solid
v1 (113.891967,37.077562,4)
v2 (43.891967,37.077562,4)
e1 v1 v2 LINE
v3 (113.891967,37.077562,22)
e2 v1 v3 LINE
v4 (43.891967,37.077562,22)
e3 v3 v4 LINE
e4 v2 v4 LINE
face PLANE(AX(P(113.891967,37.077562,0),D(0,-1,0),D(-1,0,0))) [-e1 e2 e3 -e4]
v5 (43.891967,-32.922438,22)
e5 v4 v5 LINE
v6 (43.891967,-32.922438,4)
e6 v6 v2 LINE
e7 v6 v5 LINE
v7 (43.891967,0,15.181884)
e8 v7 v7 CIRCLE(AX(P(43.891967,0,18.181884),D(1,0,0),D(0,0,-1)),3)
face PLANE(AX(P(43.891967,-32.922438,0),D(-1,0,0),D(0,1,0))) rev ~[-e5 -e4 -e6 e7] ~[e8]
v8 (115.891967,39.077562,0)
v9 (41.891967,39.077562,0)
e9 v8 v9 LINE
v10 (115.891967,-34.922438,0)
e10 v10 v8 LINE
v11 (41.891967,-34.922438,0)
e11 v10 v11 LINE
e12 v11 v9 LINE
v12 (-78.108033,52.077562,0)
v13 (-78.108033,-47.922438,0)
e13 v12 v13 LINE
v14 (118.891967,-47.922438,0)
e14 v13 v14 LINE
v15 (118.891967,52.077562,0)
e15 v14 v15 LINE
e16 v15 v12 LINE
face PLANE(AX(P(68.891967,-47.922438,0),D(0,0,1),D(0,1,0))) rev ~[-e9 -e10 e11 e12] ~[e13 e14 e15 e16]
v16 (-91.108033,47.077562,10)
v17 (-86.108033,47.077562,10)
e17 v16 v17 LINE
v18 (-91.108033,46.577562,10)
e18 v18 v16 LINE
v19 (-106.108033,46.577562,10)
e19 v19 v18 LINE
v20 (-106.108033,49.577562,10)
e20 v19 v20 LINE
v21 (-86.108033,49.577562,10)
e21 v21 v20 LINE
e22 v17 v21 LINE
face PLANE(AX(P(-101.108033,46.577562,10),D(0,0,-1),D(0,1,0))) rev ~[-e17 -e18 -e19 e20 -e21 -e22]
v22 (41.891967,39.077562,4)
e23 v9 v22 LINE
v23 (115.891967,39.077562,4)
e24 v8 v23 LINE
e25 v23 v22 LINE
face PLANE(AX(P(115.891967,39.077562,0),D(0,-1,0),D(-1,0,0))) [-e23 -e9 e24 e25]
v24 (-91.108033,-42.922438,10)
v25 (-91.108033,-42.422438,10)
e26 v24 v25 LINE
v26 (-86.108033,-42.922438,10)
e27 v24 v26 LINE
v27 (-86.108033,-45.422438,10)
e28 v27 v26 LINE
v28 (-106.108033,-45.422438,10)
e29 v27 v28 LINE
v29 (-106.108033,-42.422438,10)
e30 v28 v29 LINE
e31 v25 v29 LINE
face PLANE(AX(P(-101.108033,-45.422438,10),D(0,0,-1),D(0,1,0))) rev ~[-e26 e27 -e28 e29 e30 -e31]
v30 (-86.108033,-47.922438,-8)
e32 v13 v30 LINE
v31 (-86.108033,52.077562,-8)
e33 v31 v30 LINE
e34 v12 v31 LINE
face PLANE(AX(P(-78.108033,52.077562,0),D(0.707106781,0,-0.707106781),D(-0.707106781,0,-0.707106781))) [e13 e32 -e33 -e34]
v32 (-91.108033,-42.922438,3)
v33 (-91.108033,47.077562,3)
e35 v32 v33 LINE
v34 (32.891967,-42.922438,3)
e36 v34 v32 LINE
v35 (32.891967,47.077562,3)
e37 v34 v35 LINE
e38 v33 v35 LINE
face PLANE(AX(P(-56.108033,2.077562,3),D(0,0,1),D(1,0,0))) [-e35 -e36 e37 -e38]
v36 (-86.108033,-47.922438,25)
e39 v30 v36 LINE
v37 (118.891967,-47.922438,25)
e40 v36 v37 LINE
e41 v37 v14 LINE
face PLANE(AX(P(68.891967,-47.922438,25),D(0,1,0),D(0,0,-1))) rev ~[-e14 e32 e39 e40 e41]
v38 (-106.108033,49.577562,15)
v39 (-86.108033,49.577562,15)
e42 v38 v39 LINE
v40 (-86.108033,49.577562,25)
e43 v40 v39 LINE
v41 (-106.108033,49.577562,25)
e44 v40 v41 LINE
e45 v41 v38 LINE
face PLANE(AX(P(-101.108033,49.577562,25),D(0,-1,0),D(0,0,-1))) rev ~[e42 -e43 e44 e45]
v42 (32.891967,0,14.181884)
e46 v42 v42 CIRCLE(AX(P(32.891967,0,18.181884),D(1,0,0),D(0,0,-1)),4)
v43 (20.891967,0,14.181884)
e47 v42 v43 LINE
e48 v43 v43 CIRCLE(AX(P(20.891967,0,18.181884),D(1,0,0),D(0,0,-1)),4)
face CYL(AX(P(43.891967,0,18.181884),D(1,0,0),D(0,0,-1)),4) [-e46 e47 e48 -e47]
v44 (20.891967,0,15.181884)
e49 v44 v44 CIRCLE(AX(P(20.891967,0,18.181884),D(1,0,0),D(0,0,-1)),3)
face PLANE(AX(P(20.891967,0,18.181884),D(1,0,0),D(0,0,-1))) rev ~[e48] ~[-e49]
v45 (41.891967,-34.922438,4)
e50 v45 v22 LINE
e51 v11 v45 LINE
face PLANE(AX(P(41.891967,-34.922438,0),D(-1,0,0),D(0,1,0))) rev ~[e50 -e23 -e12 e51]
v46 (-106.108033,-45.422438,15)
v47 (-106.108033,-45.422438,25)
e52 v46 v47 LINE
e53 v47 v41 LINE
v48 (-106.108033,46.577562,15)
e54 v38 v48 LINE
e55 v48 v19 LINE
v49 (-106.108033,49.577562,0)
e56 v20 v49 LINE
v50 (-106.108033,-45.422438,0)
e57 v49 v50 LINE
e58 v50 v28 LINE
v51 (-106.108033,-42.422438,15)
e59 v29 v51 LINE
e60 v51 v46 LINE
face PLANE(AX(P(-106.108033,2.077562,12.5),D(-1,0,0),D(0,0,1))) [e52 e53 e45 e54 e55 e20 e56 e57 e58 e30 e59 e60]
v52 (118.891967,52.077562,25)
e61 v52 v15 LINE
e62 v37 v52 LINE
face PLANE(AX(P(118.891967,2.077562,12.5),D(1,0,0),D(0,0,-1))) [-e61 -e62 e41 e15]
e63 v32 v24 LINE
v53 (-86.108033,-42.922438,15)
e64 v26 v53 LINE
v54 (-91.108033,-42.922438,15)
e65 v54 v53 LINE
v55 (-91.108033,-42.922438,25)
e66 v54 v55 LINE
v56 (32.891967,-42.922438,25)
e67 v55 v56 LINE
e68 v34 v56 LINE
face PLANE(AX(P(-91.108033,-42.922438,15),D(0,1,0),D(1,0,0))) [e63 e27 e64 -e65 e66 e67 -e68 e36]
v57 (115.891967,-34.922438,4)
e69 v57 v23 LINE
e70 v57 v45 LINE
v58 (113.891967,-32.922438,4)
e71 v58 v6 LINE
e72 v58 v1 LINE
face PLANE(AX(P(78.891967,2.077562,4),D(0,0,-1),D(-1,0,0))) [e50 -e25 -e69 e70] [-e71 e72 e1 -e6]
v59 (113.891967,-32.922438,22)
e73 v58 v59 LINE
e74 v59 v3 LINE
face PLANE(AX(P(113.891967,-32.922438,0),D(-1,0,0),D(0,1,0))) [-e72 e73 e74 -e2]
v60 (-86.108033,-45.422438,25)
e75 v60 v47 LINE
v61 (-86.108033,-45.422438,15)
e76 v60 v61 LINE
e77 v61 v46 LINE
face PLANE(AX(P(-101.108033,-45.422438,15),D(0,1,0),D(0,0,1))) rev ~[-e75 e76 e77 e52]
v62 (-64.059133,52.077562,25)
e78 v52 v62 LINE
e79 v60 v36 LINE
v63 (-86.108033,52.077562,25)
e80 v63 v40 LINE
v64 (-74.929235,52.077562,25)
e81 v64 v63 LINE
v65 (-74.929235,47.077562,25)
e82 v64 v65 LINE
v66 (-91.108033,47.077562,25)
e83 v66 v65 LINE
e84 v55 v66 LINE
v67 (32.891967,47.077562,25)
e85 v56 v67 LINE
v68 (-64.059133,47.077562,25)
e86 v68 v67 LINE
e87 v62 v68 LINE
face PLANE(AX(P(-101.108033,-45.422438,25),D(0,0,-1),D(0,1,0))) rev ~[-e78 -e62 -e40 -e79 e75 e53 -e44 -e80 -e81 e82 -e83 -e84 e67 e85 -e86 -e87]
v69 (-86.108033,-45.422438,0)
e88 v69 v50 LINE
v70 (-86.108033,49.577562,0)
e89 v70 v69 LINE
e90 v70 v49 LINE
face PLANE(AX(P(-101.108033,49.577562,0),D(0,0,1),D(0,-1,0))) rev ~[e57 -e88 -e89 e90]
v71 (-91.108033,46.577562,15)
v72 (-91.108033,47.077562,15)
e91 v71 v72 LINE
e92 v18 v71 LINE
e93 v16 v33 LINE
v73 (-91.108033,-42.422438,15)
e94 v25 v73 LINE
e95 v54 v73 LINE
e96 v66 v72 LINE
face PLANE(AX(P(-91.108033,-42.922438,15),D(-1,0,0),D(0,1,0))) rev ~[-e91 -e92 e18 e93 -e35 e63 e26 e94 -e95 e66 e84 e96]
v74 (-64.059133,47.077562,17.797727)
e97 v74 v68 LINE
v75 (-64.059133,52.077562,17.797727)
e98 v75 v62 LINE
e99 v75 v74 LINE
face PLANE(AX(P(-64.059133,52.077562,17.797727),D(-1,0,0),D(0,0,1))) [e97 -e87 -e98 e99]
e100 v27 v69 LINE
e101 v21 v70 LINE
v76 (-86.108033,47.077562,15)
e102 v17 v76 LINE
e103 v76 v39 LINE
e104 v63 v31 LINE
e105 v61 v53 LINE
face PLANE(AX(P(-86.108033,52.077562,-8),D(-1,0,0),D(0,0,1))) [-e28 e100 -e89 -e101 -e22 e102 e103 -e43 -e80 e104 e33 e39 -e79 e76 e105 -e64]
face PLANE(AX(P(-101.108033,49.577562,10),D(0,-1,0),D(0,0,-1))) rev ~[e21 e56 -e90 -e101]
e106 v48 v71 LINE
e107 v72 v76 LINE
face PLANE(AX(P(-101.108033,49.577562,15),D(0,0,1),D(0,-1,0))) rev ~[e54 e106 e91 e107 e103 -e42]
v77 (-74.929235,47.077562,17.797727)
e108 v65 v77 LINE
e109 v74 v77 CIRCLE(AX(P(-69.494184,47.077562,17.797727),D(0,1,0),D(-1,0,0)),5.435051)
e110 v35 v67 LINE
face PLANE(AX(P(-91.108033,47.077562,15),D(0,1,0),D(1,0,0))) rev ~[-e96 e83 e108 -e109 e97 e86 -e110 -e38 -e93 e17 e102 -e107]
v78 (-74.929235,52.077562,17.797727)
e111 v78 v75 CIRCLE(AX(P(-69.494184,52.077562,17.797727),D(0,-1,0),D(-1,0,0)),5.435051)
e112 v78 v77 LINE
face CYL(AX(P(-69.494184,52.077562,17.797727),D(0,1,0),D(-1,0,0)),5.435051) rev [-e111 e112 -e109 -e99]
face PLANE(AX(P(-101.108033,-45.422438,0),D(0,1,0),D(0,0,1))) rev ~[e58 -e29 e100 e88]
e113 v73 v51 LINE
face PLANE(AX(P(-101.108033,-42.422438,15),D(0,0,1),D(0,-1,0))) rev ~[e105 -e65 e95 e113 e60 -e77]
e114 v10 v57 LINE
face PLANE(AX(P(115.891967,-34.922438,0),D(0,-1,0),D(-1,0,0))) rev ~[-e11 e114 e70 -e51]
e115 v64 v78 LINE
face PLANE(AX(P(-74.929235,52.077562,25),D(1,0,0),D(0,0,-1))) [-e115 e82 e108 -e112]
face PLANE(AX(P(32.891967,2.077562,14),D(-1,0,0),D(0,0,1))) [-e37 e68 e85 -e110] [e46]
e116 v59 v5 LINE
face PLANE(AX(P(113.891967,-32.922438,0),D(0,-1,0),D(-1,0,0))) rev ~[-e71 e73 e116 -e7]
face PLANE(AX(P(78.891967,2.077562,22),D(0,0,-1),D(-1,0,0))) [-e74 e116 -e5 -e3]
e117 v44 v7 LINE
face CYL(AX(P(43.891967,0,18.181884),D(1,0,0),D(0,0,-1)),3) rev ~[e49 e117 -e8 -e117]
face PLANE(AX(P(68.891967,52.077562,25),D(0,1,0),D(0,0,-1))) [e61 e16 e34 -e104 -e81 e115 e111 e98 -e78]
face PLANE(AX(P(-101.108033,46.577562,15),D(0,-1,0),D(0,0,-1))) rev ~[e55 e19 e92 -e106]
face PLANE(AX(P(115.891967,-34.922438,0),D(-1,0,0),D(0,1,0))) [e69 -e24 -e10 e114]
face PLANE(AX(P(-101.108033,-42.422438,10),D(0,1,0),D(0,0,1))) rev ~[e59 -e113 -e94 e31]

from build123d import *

# Parameters (mm, degrees)
SKETCH1_W           = 170
SKETCH1_H           = 100
BOSS_EXTRUDE1_DEPTH = 15
SKETCH3_W           = 70
SKETCH3_H           = 90
CUT_EXTRUDE2_DEPTH  = 12
SKETCH8_W           = 15
SKETCH8_H           = 15
CUT_EXTRUDE9_DEPTH  = 2.5
SKETCH9_W           = 15
SKETCH9_H           = 15
CUT_EXTRUDE10_DEPTH = 2.5
SKETCH10_W          = 12
SKETCH10_H          = 90
CUT_EXTRUDE11_DEPTH = 58
SKETCH11_W          = 128
SKETCH11_H          = 90
BOSS_EXTRUDE2_DEPTH = 10
SKETCH12_W          = 22
SKETCH12_H          = 90
BOSS_EXTRUDE4_DEPTH = 4
BOSS_EXTRUDE6_DEPTH = 100
SKETCH15_W          = 5
SKETCH15_H          = 3
CUT_EXTRUDE14_DEPTH = 15
SKETCH16_W          = 25
SKETCH16_H          = 100
BOSS_EXTRUDE7_DEPTH = 50
SKETCH17_W          = 70
SKETCH17_H          = 70
CUT_EXTRUDE15_DEPTH = 22
SKETCH18_W          = 74
SKETCH18_H          = 74
SKETCH18_W_2        = 70
SKETCH18_H_2        = 70
CUT_EXTRUDE16_DEPTH = 4
BOSS_EXTRUDE8_DEPTH = 5
SKETCH20_R          = 4
SKETCH20_R_2        = 3
BOSS_EXTRUDE9_DEPTH = 23
SKETCH20_2_R        = 3
CUT_EXTRUDE17_DEPTH = 23
CUT_EXTRUDE18_DEPTH = 23


with BuildPart() as part:
    # Sketch1 → Boss-Extrude1 (new body)
    with BuildSketch(Plane.XY):
        with Locations((-16.108033241, 2.077562327)):
            Rectangle(SKETCH1_W, SKETCH1_H)
    extrude(amount=BOSS_EXTRUDE1_DEPTH)

    # Sketch3 → Cut-Extrude2 (cut)
    with BuildSketch(Plane.XY.offset(15)):
        with Locations((-56.108033241, 2.077562327)):
            Rectangle(SKETCH3_W, SKETCH3_H)
    extrude(amount=-CUT_EXTRUDE2_DEPTH, mode=Mode.SUBTRACT)

    # Sketch8 → Cut-Extrude9 (cut)
    with BuildSketch(Plane(origin=(0, 52.077562327, 0), x_dir=(1, 0, 0), z_dir=(0, 1, 0))):
        with Locations((-93.608033241, -7.5)):
            Rectangle(SKETCH8_W, SKETCH8_H)
    extrude(amount=-CUT_EXTRUDE9_DEPTH, mode=Mode.SUBTRACT)

    # Sketch9 → Cut-Extrude10 (cut)
    with BuildSketch(Plane.XZ.offset(47.922437673)):
        with Locations((-93.608033241, 7.5)):
            Rectangle(SKETCH9_W, SKETCH9_H)
    extrude(amount=-CUT_EXTRUDE10_DEPTH, mode=Mode.SUBTRACT)

    # Sketch10 → Cut-Extrude11 (cut)
    with BuildSketch(Plane.ZY.offset(21.108033241)):
        with Locations((9, 2.077562327)):
            Rectangle(SKETCH10_W, SKETCH10_H)
    extrude(amount=-CUT_EXTRUDE11_DEPTH, mode=Mode.SUBTRACT)

    # Sketch11 → Boss-Extrude2 (add)
    with BuildSketch(Plane.XY.offset(15)):
        Polygon((-86.108033241, -45.422437673), (-86.108033241, -47.922437673), (68.891966759, -47.922437673), (68.891966759, 52.077562327), (-86.108033241, 52.077562327), (-86.108033241, 49.577562327), (-101.108033241, 49.577562327), (-101.108033241, -45.422437673), align=None)
        with Locations((-27.108033241, 2.077562327)):
            Rectangle(SKETCH11_W, SKETCH11_H, mode=Mode.SUBTRACT)
    extrude(amount=BOSS_EXTRUDE2_DEPTH)

    # Sketch12 → Boss-Extrude4 (add)
    with BuildSketch(Plane.ZY.offset(-36.891966759)):
        with Locations((14, 2.077562327)):
            Rectangle(SKETCH12_W, SKETCH12_H)
    extrude(amount=BOSS_EXTRUDE4_DEPTH)

    # Sketch14 → Boss-Extrude6 (add)
    with BuildSketch(Plane(origin=(0, 52.077562327, 0), x_dir=(1, 0, 0), z_dir=(0, 1, 0))):
        Polygon((-86.108033241, 0), (-78.108033241, 0), (-86.108033241, 8), align=None)
    extrude(amount=-BOSS_EXTRUDE6_DEPTH)

    # Sketch15 → Cut-Extrude14 (cut)
    with BuildSketch(Plane.ZY.offset(101.108033241)):
        with Locations((12.5, 48.077562327)):
            Rectangle(SKETCH15_W, SKETCH15_H)
        with Locations((12.5, -43.922437673)):
            Rectangle(SKETCH15_W, SKETCH15_H)
    extrude(amount=-CUT_EXTRUDE14_DEPTH, mode=Mode.SUBTRACT)

    # Sketch16 → Boss-Extrude7 (add)
    with BuildSketch(Plane(origin=(68.891966759, 0, 0), x_dir=(0, 0, -1), z_dir=(1, 0, 0))):
        with Locations((-12.5, 2.077562327)):
            Rectangle(SKETCH16_W, SKETCH16_H)
    extrude(amount=BOSS_EXTRUDE7_DEPTH)

    # Sketch17 → Cut-Extrude15 (cut)
    with BuildSketch(Plane(origin=(0, 0, 0), x_dir=(-1, 0, 0), z_dir=(0, 0, -1))):
        with Locations((-78.891966759, 2.077562327)):
            Rectangle(SKETCH17_W, SKETCH17_H)
    extrude(amount=-CUT_EXTRUDE15_DEPTH, mode=Mode.SUBTRACT)

    # Sketch18 → Cut-Extrude16 (cut)
    with BuildSketch(Plane(origin=(0, 0, 0), x_dir=(-1, 0, 0), z_dir=(0, 0, -1))):
        with Locations((-78.891966759, 2.077562327)):
            Rectangle(SKETCH18_W, SKETCH18_H)
        with Locations((-78.891966759, 2.077562327)):
            Rectangle(SKETCH18_W_2, SKETCH18_H_2, mode=Mode.SUBTRACT)
    extrude(amount=-CUT_EXTRUDE16_DEPTH, mode=Mode.SUBTRACT)

    # Sketch19 → Boss-Extrude8 (add)
    with BuildSketch(Plane.ZY.offset(101.108033241)):
        Polygon((10, 46.577562327), (10, 49.577562327), (0, 49.577562327), (0, -45.422437673), (10, -45.422437673), (10, -42.422437673), (15, -42.422437673), (15, -45.422437673), (25, -45.422437673), (25, 49.577562327), (15, 49.577562327), (15, 46.577562327), align=None)
    extrude(amount=BOSS_EXTRUDE8_DEPTH)

    # Sketch20 → Boss-Extrude9 (add)
    with BuildSketch(Plane(origin=(43.891966759, 0, 0), x_dir=(0, 0, -1), z_dir=(1, 0, 0))):
        with Locations((-18.181884359, 0)):
            Circle(SKETCH20_R)
        with Locations((-18.181884359, 0)):
            Circle(SKETCH20_R_2, mode=Mode.SUBTRACT)
    extrude(amount=-BOSS_EXTRUDE9_DEPTH)

    # Sketch20<2> → Cut-Extrude17 (cut)
    with BuildSketch(Plane(origin=(43.891966759, 0, 0), x_dir=(0, 0, -1), z_dir=(1, 0, 0))):
        with Locations((-18.181884359, 0)):
            Circle(SKETCH20_2_R)
    extrude(amount=-CUT_EXTRUDE17_DEPTH, mode=Mode.SUBTRACT)

    # Sketch21 → Cut-Extrude18 (cut)
    with BuildSketch(Plane(origin=(0, 52.077562327, 0), x_dir=(1, 0, 0), z_dir=(0, 1, 0))):
        with BuildLine():
            Line((-74.929235075, -25), (-74.929235075, -17.797726587))
            ThreePointArc((-74.929235075, -17.797726587), (-69.494183986, -12.362675498), (-64.059132898, -17.797726587))
            Line((-64.059132898, -17.797726587), (-64.059132898, -25))
            ThreePointArc((-64.059132898, -25), (-69.494183986, -30.435051089), (-74.929235075, -25))
        make_face()
    extrude(amount=-CUT_EXTRUDE18_DEPTH, mode=Mode.SUBTRACT)


solid = part.part
